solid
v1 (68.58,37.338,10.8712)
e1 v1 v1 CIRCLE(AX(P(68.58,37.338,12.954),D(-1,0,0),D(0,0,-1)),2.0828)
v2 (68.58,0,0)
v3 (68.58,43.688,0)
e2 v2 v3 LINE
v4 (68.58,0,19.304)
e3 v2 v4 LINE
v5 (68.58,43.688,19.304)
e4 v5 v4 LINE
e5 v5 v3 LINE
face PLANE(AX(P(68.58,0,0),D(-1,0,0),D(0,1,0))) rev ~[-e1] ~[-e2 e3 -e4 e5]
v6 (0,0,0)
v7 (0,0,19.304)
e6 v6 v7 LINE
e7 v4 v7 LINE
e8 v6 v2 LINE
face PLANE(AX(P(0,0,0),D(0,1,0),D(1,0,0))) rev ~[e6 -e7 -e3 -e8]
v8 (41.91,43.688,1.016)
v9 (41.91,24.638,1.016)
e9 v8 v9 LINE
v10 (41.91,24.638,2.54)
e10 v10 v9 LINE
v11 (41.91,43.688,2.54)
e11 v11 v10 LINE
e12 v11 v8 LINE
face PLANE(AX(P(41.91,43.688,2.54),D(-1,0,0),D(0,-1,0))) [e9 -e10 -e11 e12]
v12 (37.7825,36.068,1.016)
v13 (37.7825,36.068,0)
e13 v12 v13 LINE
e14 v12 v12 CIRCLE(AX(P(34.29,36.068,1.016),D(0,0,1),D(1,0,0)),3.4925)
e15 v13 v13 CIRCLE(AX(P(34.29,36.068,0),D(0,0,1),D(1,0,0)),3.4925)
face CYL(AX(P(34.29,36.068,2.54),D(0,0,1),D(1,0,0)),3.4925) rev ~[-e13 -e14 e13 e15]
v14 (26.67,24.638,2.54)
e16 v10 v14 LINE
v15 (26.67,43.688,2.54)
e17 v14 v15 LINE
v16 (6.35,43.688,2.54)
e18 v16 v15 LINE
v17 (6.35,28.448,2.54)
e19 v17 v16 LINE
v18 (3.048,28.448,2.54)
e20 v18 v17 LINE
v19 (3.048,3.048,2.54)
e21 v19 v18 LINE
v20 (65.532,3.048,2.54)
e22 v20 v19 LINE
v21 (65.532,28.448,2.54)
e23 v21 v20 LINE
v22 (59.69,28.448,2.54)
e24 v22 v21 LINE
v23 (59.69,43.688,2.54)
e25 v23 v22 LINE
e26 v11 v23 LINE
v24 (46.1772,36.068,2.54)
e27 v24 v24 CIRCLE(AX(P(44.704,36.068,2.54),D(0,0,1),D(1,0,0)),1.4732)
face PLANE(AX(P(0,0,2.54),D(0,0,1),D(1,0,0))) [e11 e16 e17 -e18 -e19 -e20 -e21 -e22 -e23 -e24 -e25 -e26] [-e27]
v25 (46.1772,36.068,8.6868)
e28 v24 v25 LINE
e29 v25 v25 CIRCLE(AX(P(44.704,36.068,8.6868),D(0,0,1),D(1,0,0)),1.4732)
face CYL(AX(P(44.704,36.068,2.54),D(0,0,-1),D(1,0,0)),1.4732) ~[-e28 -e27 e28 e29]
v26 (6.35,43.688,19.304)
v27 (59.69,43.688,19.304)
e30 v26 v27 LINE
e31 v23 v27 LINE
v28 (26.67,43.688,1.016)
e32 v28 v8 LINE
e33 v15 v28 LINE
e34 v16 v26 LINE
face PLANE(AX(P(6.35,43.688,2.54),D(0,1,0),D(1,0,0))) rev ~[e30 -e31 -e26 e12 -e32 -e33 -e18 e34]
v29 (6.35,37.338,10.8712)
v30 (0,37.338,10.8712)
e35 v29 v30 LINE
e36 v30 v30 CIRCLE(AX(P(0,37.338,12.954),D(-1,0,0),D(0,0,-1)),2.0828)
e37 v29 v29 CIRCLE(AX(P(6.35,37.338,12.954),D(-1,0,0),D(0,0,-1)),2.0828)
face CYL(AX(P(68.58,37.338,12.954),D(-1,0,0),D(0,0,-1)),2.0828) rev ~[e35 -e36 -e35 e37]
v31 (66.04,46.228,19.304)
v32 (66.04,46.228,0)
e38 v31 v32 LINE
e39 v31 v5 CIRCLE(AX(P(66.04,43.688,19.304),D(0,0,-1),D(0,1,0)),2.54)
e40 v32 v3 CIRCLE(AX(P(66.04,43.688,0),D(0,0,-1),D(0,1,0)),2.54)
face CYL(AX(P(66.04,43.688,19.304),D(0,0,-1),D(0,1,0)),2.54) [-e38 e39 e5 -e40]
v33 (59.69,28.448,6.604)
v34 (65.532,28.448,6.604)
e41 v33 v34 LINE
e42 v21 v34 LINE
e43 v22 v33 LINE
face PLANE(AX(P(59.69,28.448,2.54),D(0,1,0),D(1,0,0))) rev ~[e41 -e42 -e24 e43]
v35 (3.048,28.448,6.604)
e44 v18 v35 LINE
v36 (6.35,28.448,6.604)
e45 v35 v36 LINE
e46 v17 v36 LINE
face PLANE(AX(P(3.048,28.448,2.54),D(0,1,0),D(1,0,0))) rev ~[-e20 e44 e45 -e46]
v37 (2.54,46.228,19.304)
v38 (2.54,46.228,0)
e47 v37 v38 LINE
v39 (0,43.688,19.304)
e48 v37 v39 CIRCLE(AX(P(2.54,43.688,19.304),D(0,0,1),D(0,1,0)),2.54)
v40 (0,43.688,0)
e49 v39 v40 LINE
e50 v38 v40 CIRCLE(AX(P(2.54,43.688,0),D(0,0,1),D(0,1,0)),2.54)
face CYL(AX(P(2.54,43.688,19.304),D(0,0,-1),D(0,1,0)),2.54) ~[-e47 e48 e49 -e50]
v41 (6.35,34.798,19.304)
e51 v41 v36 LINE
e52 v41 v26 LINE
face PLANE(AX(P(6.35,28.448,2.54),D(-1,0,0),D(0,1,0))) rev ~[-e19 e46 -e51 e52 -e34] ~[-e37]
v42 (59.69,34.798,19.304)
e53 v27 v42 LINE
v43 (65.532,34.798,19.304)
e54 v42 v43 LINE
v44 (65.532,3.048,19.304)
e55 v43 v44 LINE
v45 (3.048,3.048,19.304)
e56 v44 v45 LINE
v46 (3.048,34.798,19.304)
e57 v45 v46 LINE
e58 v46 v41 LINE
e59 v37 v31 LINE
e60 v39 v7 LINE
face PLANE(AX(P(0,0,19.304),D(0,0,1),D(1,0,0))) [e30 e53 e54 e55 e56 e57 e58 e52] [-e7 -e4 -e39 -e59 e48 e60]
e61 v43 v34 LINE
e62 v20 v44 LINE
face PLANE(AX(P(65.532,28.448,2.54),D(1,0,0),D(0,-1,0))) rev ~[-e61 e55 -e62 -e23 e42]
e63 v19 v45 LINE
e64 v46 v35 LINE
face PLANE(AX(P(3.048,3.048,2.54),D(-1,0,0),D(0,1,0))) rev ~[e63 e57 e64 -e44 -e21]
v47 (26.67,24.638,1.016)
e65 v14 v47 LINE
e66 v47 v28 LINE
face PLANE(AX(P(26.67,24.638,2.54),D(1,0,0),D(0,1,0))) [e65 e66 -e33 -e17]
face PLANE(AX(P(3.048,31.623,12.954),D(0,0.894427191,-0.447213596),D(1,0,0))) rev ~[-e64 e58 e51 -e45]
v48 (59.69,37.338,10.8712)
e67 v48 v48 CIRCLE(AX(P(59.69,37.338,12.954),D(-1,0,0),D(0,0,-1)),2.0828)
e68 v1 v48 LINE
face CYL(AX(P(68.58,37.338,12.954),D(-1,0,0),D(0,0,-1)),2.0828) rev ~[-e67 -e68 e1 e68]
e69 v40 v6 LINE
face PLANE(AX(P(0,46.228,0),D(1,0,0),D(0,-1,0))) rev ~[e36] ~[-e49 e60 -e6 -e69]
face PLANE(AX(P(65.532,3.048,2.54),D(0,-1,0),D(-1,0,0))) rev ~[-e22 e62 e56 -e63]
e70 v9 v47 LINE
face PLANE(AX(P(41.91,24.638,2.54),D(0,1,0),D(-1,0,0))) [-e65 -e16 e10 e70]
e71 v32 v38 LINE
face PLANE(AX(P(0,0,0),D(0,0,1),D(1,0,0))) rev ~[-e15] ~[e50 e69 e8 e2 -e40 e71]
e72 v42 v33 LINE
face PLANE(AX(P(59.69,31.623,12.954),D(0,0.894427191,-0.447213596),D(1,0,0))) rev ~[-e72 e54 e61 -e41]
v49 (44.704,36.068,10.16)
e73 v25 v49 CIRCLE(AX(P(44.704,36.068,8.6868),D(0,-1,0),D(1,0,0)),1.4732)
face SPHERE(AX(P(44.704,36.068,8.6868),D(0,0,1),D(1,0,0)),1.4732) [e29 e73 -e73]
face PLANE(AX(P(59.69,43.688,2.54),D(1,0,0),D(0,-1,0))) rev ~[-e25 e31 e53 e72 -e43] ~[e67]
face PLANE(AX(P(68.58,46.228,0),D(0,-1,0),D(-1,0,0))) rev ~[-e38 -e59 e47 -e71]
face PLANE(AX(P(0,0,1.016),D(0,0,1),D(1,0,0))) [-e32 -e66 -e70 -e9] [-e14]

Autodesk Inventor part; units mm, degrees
ref_plane "YZ Plane" through (0, 0, 0) normal (1, 0, 0) x (0, 1, 0)
ref_plane "XZ Plane" through (0, 0, 0) normal (0, 1, 0) x (-1, 0, 0)
ref_plane "XY Plane" through (0, 0, 0) normal (0, 0, 1) x (1, 0, 0)
sketch "Sketch1" plane through (0, 0, 0) normal (0, 0, 1) x (1, 0, 0)
  line L0 (0, 0) -> (68.58, 0)
  line L1 (68.58, 0) -> (68.58, 46.228)
  line L2 (68.58, 46.228) -> (0, 46.228)
  line L3 (0, 46.228) -> (0, 0)
  dimension "d0" = 68.58
  dimension "d1" = 46.228
extrude "Extrusion1" add sketch "Sketch1" along normal blind 2.54
sketch "Sketch2" plane through (0, 0, 2.54) normal (0, 0, 1) x (1, 0, 0)
  line L0 (0, 46.228) -> (0, 0) projected
  line L1 (0, 46.228) -> (68.58, 46.228)
  line L2 (68.58, 46.228) -> (68.58, 0)
  line L3 (68.58, 0) -> (0, 0)
  line L4 (0, 0) -> (0, 46.228)
  line L5 (6.35, 43.688) -> (59.69, 43.688)
  line L6 (59.69, 43.688) -> (59.69, 28.448)
  line L7 (59.69, 28.448) -> (6.35, 28.448)
  line L8 (6.35, 28.448) -> (6.35, 43.688)
  line L9 (3.048, 28.448) -> (65.532, 28.448)
  line L10 (65.532, 28.448) -> (65.532, 3.048)
  line L11 (65.532, 3.048) -> (3.048, 3.048)
  line L12 (3.048, 3.048) -> (3.048, 28.448)
  dimension "d4" = 62.484
  dimension "d5" = 53.34
  dimension "d6" = 15.24
  dimension "d7" = 25.4
  dimension "d8" = 3.048
  dimension "d9" = 3.048
  dimension "d10" = 0
  dimension "d13" = 6.35
extrude "Extrusion2" add sketch "Sketch2" along normal blind 16.764
chamfer "Chamfer1" distance 6.35 distance2 12.7 1 edges at (62.611, 28.448, 19.304) measured on face at (23.876, 1.016, 19.304)
chamfer "Chamfer2" distance 6.35 distance2 12.7 1 edges at (4.699, 28.448, 19.304) measured on face at (23.876, 1.016, 19.304)
sketch "Sketch3" plane through (0, 0, 2.54) normal (0, 0, 1) x (1, 0, 0)
  circle A0 centre (34.29, 36.068) radius 3.4925
  line L0 (0, 0) -> (68.58, 0) projected
  line L1 (0, 46.228) -> (0, 0) projected
  line L2 (68.58, 46.228) -> (0, 46.228) projected
  line L3 (68.58, 0) -> (68.58, 46.228) projected
  dimension "d22" = 10.16
  dimension "d23" = 34.29
  dimension "d24" = 6.985
extrude "Extrusion3" cut sketch "Sketch3" against normal up to surface (2.54 mm away) contours A0
sketch "Sketch4" plane through (0, 0, 2.54) normal (0, 0, 1) x (1, 0, 0)
  line L0 (59.69, 28.448) -> (59.69, 43.688) projected
  line L1 (59.69, 43.688) -> (6.35, 43.688) projected
  circle A0 centre (44.704, 36.068) radius 1.4732
  point P0 (0, 0)
  dimension "d27" = 2.9464
  dimension "d28" = 7.62
  dimension "d29" = 14.986
extrude "Extrusion4" add sketch "Sketch4" along normal blind 7.62
fillet "Fillet1" radius 1.4732 1 edges at (43.2308, 36.068, 10.16)
fillet "Fillet2" radius 2.54 2 edges at (0, 46.228, 9.652) (68.58, 46.228, 9.652)
sketch "Sketch5" plane through (0, 0, 2.54) normal (0, 0, 1) x (1, 0, 0)
  circle A0 centre (34.29, 36.068) radius 3.4925 projected
  line L0 (26.67, 43.688) -> (41.91, 43.688)
  line L1 (41.91, 43.688) -> (41.91, 24.638)
  line L2 (41.91, 24.638) -> (26.67, 24.638)
  line L3 (26.67, 24.638) -> (26.67, 43.688)
  point P0 (0, 0)
  dimension "d34" = 19.05
  dimension "d35" = 15.24
  dimension "d36" = 7.62
  dimension "d37" = 7.62
extrude "Extrusion5" cut sketch "Sketch5" against normal blind 1.524
hole "Hole1" at (68.58, 37.338, 12.954) direction (-1, 0, 0) diameter 4.1656 end through all
equation "\"d9\" = d8"
properties part number "Case_Cutout"
